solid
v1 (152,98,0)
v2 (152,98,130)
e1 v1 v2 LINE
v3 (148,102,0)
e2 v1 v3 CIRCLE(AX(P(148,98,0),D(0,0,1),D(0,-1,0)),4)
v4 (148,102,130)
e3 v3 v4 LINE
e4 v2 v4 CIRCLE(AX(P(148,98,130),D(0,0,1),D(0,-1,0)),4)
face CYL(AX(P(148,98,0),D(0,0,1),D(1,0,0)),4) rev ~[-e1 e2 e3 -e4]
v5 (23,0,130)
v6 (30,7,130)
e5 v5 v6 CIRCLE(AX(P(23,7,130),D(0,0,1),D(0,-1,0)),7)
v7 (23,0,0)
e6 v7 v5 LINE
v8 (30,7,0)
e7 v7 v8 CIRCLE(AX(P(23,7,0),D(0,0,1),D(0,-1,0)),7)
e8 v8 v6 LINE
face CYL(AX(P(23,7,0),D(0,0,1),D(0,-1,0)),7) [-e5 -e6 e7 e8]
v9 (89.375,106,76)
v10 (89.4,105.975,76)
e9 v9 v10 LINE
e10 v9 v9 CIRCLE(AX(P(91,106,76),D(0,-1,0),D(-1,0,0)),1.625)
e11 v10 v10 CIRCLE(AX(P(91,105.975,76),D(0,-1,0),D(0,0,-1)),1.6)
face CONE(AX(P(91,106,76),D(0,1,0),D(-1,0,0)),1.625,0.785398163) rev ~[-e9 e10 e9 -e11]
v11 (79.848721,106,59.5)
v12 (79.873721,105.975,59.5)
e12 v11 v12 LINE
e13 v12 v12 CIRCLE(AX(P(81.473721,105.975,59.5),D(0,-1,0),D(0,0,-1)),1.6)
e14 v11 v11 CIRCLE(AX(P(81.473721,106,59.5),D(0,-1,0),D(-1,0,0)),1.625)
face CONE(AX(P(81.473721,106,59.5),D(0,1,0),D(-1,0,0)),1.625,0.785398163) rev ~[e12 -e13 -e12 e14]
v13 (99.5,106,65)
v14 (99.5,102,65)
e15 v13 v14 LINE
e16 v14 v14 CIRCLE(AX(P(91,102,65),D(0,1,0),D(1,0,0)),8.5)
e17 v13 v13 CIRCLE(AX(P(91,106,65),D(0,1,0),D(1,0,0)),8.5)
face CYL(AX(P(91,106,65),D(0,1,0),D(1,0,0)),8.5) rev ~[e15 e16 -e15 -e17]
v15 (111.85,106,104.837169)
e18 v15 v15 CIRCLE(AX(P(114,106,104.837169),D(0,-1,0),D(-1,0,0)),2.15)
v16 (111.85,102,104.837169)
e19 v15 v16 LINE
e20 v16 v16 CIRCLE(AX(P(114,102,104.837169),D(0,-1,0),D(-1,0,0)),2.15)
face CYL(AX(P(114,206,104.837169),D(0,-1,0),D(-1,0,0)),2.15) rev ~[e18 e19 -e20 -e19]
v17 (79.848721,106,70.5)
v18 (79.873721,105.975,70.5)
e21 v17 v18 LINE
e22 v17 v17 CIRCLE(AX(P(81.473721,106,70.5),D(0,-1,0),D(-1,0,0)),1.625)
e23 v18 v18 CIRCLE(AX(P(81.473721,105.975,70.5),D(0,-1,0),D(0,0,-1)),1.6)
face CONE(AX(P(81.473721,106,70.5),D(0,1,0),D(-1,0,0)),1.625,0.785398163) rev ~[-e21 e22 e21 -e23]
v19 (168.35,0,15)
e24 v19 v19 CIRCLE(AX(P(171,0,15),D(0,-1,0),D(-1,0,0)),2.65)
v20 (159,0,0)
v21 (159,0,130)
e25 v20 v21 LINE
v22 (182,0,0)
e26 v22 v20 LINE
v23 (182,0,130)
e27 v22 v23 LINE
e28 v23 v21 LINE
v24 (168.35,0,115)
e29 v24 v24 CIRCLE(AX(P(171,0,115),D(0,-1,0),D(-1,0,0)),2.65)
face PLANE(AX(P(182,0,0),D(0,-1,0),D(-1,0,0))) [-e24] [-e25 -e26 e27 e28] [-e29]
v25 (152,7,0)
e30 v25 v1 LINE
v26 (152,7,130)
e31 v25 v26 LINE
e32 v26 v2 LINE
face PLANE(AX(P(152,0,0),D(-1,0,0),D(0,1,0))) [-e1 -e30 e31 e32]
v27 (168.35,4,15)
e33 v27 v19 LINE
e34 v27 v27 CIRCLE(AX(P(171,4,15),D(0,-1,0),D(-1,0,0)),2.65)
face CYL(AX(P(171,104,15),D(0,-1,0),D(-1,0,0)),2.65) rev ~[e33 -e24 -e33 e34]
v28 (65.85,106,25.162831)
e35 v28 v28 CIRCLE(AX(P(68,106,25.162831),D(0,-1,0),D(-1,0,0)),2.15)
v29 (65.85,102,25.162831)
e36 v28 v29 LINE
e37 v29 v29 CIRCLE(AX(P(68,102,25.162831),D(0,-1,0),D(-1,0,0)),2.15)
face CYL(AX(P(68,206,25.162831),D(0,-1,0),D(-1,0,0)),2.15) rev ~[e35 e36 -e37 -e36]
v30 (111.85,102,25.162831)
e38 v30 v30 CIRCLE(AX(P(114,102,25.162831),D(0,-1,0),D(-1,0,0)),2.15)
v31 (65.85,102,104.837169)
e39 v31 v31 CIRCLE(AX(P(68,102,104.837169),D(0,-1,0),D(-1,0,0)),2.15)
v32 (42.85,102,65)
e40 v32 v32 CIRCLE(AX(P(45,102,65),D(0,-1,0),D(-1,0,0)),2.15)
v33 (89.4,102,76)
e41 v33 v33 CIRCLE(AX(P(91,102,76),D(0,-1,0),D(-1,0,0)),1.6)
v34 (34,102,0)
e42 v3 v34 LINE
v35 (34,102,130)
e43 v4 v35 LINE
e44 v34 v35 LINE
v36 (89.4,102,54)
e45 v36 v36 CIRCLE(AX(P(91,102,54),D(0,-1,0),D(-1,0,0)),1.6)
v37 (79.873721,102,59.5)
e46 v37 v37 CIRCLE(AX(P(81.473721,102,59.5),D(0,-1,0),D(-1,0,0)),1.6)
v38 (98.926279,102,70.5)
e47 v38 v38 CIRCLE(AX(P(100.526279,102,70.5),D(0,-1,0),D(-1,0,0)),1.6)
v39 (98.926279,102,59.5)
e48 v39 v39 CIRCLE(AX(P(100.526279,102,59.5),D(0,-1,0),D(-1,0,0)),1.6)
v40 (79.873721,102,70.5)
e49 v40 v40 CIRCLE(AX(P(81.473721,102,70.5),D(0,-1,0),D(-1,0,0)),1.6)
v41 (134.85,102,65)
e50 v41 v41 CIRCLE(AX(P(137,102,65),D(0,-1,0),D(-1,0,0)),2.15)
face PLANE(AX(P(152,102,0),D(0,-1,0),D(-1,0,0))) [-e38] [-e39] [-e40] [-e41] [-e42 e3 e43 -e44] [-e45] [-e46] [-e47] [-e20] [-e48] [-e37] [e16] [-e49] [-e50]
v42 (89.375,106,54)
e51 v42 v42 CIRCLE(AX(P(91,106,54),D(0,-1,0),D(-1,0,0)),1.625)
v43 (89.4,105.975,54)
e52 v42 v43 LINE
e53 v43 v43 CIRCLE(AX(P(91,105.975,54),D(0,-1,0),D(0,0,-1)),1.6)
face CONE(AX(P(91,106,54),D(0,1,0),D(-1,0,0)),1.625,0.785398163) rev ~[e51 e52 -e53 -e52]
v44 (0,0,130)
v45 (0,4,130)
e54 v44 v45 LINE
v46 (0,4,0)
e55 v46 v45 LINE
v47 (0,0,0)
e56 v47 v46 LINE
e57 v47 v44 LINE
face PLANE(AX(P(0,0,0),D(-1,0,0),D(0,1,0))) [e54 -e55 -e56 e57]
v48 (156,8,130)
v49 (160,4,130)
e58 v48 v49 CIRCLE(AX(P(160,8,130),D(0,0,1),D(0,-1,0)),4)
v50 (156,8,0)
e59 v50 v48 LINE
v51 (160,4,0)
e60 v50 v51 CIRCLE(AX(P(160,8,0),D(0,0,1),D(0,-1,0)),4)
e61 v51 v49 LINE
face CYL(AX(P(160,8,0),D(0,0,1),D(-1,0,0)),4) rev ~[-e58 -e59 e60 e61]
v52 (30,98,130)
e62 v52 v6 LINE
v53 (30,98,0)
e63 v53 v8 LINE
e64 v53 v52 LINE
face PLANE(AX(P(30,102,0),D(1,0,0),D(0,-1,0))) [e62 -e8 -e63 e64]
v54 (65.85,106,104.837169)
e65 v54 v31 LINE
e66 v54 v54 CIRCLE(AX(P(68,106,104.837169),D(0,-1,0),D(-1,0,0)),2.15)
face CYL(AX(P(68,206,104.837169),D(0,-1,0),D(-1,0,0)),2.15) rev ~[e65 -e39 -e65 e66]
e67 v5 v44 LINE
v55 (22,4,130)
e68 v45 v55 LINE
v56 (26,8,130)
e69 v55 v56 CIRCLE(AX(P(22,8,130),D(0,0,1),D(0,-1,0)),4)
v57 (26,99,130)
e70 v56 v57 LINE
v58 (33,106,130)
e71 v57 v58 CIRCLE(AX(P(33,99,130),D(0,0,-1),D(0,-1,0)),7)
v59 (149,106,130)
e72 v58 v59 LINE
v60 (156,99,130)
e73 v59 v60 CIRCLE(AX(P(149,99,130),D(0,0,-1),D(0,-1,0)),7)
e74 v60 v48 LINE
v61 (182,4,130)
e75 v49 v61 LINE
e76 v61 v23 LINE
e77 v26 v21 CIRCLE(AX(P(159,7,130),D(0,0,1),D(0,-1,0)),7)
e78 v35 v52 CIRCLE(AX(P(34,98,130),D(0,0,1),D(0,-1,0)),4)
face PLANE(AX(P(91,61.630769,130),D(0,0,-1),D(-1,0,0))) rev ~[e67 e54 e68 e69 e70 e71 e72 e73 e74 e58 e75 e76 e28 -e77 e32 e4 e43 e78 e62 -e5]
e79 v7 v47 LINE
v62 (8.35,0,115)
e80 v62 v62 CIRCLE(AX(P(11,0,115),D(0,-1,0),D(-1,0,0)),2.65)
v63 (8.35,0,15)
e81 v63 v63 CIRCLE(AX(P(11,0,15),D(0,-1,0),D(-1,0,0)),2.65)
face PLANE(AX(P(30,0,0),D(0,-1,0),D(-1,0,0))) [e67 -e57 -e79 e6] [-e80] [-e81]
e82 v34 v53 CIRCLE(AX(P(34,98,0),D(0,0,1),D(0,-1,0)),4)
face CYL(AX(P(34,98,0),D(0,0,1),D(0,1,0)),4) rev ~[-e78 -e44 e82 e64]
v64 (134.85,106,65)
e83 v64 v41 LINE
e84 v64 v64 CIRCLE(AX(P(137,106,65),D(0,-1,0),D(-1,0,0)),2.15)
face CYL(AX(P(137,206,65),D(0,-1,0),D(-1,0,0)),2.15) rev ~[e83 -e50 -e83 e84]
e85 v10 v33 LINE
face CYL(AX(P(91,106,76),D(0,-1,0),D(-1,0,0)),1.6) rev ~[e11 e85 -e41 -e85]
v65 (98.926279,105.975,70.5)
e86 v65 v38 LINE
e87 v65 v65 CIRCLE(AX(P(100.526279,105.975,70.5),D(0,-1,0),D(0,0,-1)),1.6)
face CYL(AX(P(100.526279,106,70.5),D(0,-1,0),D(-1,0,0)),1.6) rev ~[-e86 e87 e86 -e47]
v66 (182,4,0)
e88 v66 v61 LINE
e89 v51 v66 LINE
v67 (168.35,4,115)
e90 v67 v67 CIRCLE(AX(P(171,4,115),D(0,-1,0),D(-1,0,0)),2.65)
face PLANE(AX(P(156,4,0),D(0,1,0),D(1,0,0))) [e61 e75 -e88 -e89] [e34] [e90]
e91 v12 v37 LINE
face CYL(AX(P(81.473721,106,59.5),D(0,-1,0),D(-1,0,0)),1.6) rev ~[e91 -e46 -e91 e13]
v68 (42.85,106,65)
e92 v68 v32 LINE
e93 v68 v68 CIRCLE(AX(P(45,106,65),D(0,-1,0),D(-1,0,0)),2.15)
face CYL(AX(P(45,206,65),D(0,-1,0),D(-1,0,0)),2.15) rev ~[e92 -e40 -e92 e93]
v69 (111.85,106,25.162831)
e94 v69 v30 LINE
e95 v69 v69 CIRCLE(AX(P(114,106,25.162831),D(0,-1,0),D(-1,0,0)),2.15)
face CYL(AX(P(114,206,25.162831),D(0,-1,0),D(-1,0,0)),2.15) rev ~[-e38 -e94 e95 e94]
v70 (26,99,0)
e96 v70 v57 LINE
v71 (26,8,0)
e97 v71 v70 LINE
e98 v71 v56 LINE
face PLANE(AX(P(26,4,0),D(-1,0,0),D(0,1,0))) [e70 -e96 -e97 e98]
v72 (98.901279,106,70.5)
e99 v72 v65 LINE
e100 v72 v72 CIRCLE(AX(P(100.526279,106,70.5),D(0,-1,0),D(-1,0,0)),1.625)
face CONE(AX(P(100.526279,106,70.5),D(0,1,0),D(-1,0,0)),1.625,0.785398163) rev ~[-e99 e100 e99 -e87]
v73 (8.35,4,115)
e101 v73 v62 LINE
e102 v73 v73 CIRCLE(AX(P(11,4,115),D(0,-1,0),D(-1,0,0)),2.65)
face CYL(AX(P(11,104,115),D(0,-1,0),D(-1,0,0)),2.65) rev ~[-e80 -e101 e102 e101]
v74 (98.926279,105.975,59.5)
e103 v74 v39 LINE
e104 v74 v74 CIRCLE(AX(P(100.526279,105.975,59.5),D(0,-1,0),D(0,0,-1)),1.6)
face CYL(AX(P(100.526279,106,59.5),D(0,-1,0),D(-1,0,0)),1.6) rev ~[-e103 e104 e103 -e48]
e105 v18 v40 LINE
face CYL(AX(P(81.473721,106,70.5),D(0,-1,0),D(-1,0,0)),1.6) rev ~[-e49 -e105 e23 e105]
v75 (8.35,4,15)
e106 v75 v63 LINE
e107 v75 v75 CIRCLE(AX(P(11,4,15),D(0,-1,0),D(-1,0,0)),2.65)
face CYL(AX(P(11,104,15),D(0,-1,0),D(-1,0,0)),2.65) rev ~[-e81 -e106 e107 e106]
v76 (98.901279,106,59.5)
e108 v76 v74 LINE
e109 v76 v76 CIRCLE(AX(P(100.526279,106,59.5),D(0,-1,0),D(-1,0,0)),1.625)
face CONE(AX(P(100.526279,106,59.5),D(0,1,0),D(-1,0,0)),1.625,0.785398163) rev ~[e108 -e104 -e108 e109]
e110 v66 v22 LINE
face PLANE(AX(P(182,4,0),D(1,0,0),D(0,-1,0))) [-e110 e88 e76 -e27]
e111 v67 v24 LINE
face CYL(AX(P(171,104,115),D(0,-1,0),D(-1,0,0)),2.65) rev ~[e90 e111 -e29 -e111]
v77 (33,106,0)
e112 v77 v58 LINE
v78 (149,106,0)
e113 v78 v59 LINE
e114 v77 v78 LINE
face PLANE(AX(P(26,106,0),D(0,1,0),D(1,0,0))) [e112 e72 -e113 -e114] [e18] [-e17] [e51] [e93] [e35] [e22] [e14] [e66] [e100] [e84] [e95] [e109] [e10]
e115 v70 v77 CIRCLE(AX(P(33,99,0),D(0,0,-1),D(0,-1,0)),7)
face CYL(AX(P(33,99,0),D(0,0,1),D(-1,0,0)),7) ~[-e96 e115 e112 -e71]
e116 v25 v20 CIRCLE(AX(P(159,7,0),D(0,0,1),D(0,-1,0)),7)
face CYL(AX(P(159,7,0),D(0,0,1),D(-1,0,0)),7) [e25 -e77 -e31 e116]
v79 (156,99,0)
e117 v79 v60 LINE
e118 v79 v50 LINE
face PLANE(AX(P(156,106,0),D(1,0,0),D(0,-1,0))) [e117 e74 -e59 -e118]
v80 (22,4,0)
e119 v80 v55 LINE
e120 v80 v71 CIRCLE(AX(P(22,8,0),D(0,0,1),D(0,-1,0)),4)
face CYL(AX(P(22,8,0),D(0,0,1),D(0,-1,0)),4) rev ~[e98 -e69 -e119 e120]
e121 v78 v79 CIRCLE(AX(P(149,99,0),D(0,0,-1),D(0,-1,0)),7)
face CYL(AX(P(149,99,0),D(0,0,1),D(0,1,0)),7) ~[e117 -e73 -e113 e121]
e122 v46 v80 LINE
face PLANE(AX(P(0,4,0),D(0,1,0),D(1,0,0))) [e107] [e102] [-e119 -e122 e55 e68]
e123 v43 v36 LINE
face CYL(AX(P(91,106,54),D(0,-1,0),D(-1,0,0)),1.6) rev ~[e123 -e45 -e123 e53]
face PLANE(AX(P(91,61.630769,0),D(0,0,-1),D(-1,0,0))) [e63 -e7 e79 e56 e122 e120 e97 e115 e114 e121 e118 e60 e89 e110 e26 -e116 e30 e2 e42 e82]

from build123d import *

# Parameters (mm, degrees)
BOSS_EXTRUDE1_DEPTH            = 130
FILLET1_R                      = 4
FILLET2_R                      = 7
SKETCH2_R                      = 8.5
CUT_EXTRUDE1_DEPTH             = 100
M3_CLEARANCE_HOLE1_D           = 3.2
M3_CLEARANCE_HOLE1_CSINK_D     = 3.25
M3_CLEARANCE_HOLE1_CSINK_ANGLE = 90
M4_CLEARANCE_HOLE1_D           = 4.3
M4_CLEARANCE_HOLE1_DEPTH       = 100
M4_CLEARANCE_HOLE1_TIP         = 1.291850331
M5_CLEARANCE_HOLE2_D           = 5.3
M5_CLEARANCE_HOLE2_DEPTH       = 100
M5_CLEARANCE_HOLE2_TIP         = 1.59228064


with BuildPart() as part:
    # Sketch1 → Boss-Extrude1 (new body)
    with BuildSketch(Plane.XY):
        Polygon((0, 4), (26, 4), (26, 106), (156, 106), (156, 4), (182, 4), (182, 0), (152, 0), (152, 102), (30, 102), (30, 0), (0, 0), align=None)
    extrude(amount=BOSS_EXTRUDE1_DEPTH)

    # Fillet1
    fillet1_edges = [part.edges().sort_by_distance(p)[0] for p in [
        (26, 4, 65),
        (156, 4, 65),
        (152, 102, 65),
        (30, 102, 65),
    ]]
    fillet(fillet1_edges, radius=FILLET1_R)

    # Fillet2
    fillet2_edges = [part.edges().sort_by_distance(p)[0] for p in [
        (26, 106, 65),
        (156, 106, 65),
        (152, 0, 65),
        (30, 0, 65),
    ]]
    fillet(fillet2_edges, radius=FILLET2_R)

    # Sketch2 → Cut-Extrude1 (cut)
    with BuildSketch(Plane(origin=(0, 106, 0), x_dir=(1, 0, 0), z_dir=(0, 1, 0))):
        with Locations((91, -65)):
            Circle(SKETCH2_R)
    extrude(amount=-CUT_EXTRUDE1_DEPTH, mode=Mode.SUBTRACT)

    # M3 Clearance Hole1 (through all)
    with Locations(Plane(origin=(0, 106, 0), x_dir=(1, 0, 0), z_dir=(0, 1, 0))):
        with Locations((91, -54), (100.526279442, -59.5), (100.526279442, -70.5), (91, -76), (81.473720558, -70.5), (81.473720558, -59.5), (91, -65)):
            CounterSinkHole(M3_CLEARANCE_HOLE1_D / 2, M3_CLEARANCE_HOLE1_CSINK_D / 2, counter_sink_angle=M3_CLEARANCE_HOLE1_CSINK_ANGLE)

    # M4 Clearance Hole1
    with Locations(Plane(origin=(0, 106, 0), x_dir=(1, 0, 0), z_dir=(0, 1, 0))):
        with Locations((137, -65), (114, -104.837168574), (68, -104.837168574), (45, -65), (68, -25.162831426), (114, -25.162831426), (91, -65)):
            Hole(M4_CLEARANCE_HOLE1_D / 2, depth=M4_CLEARANCE_HOLE1_DEPTH)
            with Locations((0, 0, -(M4_CLEARANCE_HOLE1_DEPTH + M4_CLEARANCE_HOLE1_TIP / 2))):  # 118° drill point
                Cone(0, M4_CLEARANCE_HOLE1_D / 2, M4_CLEARANCE_HOLE1_TIP, mode=Mode.SUBTRACT)

    # M5 Clearance Hole2
    with Locations(Plane(origin=(0, 4, 0), x_dir=(1, 0, 0), z_dir=(0, 1, 0))):
        with Locations((11, -15), (11, -115), (171, -115), (171, -15)):
            Hole(M5_CLEARANCE_HOLE2_D / 2, depth=M5_CLEARANCE_HOLE2_DEPTH)
            with Locations((0, 0, -(M5_CLEARANCE_HOLE2_DEPTH + M5_CLEARANCE_HOLE2_TIP / 2))):  # 118° drill point
                Cone(0, M5_CLEARANCE_HOLE2_D / 2, M5_CLEARANCE_HOLE2_TIP, mode=Mode.SUBTRACT)


solid = part.part
